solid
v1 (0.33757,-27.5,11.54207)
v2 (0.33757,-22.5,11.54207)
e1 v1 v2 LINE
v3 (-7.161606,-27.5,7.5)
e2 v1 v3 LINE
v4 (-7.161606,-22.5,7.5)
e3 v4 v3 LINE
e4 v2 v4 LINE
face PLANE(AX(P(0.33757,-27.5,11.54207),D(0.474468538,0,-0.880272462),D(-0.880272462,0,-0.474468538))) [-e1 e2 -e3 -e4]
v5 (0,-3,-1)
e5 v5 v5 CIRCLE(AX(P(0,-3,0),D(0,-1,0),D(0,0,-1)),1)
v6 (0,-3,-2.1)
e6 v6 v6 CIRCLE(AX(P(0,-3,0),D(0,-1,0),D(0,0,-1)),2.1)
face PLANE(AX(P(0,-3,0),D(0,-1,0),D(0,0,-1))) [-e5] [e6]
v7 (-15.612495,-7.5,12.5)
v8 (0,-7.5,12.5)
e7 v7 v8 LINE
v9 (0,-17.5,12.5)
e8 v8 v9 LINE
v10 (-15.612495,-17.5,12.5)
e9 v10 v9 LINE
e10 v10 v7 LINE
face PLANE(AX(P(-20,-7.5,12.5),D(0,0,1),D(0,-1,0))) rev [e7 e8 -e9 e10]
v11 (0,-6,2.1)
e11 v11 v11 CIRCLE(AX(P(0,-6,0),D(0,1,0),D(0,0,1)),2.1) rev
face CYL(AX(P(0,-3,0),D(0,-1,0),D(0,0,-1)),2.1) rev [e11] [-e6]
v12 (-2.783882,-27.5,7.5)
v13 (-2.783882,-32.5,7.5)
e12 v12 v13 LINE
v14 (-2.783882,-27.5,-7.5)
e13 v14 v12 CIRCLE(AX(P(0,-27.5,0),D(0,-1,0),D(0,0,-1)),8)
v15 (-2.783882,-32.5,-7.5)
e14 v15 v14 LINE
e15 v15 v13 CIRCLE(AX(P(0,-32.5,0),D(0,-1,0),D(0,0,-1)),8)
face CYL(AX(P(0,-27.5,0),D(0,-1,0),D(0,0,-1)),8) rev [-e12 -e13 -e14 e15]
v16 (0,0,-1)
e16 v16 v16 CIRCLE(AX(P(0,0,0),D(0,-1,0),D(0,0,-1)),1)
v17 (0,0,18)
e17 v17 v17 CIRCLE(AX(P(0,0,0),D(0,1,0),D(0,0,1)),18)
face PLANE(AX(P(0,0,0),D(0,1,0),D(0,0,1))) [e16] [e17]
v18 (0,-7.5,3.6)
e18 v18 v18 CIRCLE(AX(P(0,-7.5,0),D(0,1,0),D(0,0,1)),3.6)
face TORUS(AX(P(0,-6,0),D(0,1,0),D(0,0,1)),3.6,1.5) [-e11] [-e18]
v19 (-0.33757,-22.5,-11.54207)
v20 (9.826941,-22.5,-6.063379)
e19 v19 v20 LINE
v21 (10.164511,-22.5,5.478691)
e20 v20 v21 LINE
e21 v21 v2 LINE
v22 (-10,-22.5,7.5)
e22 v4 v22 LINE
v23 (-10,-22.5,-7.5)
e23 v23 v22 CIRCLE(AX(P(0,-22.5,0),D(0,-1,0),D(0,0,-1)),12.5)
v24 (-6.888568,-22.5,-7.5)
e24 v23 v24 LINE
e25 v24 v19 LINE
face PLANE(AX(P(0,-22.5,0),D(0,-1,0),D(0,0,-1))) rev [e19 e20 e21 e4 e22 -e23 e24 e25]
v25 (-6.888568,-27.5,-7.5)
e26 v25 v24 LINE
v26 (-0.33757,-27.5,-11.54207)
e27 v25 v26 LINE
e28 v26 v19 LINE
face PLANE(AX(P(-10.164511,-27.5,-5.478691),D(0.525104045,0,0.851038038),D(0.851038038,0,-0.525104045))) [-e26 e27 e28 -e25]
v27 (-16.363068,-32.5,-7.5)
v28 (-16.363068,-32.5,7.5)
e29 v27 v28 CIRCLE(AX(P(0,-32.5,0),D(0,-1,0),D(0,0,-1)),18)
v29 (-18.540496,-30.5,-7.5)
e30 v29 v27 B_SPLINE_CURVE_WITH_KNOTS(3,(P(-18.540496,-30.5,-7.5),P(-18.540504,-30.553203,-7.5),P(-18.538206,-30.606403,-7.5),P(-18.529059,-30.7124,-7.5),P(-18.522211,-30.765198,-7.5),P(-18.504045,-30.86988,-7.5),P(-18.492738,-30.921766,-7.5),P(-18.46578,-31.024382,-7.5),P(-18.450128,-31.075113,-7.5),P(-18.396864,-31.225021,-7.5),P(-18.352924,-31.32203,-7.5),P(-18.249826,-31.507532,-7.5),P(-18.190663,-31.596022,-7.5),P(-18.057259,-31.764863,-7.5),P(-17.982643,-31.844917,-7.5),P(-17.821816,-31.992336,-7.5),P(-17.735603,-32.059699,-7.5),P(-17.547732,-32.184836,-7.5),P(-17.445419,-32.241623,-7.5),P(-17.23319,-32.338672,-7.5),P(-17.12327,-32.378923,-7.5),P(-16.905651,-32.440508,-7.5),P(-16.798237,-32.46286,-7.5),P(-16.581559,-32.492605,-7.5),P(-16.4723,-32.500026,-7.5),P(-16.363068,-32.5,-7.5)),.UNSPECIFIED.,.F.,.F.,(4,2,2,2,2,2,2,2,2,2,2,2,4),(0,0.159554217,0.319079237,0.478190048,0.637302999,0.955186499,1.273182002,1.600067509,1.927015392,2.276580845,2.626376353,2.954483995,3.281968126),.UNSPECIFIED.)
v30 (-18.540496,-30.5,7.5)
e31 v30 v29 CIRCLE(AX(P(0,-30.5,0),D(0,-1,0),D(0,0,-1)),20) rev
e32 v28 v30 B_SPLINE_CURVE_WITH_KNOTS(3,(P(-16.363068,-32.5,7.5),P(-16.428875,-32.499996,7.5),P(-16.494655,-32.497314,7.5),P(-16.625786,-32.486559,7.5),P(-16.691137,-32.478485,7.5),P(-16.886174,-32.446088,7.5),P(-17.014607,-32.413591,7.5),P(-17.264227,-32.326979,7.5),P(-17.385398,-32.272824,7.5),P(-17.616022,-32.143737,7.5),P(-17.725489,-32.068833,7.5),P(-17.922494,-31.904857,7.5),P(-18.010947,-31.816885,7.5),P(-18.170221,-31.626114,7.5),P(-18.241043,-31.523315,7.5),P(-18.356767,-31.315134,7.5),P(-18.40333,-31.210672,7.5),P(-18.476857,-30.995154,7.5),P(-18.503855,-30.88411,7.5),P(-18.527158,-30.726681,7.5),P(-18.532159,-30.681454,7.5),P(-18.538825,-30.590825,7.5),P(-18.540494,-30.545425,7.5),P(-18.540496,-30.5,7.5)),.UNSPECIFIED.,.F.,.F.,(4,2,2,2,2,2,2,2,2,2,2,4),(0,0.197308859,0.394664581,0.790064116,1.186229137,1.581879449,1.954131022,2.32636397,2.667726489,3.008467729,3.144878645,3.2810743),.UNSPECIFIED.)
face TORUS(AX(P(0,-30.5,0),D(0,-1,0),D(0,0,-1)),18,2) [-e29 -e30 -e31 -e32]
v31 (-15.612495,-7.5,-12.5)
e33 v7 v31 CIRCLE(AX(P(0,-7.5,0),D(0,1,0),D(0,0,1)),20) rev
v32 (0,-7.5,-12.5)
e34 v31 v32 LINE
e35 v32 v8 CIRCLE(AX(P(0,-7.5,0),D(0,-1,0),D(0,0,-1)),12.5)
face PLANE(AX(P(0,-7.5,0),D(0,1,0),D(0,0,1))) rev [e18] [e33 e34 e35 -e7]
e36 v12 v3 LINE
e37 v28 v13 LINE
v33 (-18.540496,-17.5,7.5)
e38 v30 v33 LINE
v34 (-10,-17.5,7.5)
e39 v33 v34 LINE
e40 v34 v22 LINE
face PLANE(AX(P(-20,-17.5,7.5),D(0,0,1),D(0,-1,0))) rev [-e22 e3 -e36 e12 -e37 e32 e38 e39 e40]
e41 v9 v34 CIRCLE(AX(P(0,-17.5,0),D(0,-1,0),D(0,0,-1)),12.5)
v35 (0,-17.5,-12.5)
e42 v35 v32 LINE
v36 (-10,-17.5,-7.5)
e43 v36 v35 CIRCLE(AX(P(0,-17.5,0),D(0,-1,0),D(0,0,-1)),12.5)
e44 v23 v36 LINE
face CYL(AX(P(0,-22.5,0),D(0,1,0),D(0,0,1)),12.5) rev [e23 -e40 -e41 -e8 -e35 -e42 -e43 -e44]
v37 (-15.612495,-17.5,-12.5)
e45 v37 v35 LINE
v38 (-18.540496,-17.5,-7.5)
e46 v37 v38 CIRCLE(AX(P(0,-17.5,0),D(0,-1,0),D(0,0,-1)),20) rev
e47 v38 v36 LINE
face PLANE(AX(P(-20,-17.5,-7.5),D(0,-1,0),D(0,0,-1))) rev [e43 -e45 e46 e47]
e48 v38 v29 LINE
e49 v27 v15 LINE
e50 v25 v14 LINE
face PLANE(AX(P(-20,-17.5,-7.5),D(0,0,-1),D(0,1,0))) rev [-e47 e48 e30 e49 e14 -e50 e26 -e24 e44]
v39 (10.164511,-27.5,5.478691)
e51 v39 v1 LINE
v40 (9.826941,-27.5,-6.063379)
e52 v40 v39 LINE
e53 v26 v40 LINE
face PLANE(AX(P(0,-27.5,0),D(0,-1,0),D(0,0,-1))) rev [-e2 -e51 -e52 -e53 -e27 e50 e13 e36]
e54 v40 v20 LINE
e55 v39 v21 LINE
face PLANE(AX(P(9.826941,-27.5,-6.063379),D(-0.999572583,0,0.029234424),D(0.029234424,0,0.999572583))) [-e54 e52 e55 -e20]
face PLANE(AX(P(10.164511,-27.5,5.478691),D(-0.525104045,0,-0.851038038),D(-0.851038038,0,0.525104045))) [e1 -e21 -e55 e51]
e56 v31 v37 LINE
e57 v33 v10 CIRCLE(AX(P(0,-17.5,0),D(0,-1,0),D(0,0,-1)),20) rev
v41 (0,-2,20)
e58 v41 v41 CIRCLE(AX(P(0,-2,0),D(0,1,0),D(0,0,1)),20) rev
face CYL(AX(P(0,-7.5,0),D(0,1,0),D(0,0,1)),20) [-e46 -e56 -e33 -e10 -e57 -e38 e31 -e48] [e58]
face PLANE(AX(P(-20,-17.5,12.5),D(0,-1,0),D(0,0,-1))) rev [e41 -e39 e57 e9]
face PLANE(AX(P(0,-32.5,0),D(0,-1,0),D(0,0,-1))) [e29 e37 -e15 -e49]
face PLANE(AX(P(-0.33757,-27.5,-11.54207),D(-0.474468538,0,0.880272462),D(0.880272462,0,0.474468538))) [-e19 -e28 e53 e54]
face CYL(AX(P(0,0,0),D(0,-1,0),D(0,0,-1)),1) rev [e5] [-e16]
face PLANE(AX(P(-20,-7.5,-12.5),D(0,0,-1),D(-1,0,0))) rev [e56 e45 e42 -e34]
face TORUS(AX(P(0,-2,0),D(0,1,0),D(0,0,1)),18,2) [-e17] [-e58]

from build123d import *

# Parameters (mm, degrees)
SKETCH1_R           = 20
BOSS_EXTRUDE1_DEPTH = 7.5
SKETCH2_R           = 20
SKETCH2_R_2         = 12.5
BOSS_EXTRUDE2_DEPTH = 15
SKETCH3_R           = 20
BOSS_EXTRUDE3_DEPTH = 10
CUT_EXTRUDE2_DEPTH  = 5
CUT_EXTRUDE3_DEPTH  = 44.084219849
SKETCH6_R           = 8
CUT_EXTRUDE4_DEPTH  = 5
SKETCH7_R           = 2.1
CUT_EXTRUDE5_DEPTH  = 4.5
SKETCH8_R           = 1
CUT_EXTRUDE6_DEPTH  = 41.868692174
FILLET1_R           = 1.5
FILLET2_R           = 2


with BuildPart() as part:
    # Sketch1 → Boss-Extrude1 (new body)
    with BuildSketch(Plane(origin=(0, 0, 0), x_dir=(1, 0, 0), z_dir=(0, 1, 0))):
        with Locations(Location((0, 0, 0), (0, 0, 270))):
            Circle(SKETCH1_R)
    extrude(amount=-BOSS_EXTRUDE1_DEPTH)

    # Sketch2 → Boss-Extrude2 (add)
    with BuildSketch(Plane.XZ.offset(7.5)):
        with Locations(Location((0, 0, 0), (0, 0, 90))):
            Circle(SKETCH2_R)
        with Locations(Location((0, 0, 0), (0, 0, 270))):
            Circle(SKETCH2_R_2, mode=Mode.SUBTRACT)
    extrude(amount=BOSS_EXTRUDE2_DEPTH)

    # Sketch3 → Boss-Extrude3 (add)
    with BuildSketch(Plane.XZ.offset(22.5)):
        with Locations(Location((0, 0, 0), (0, 0, 90))):
            Circle(SKETCH3_R)
    extrude(amount=BOSS_EXTRUDE3_DEPTH)

    # Sketch4 → Cut-Extrude2 (cut)
    with BuildSketch(Plane(origin=(0, -22.5, 0), x_dir=(-1, 0, 0), z_dir=(0, -1, 0))):
        Polygon((10.164510853, 5.47869076), (0.337570049, 11.542069996), (-9.826940805, 6.063379236), (-10.164510853, -5.47869076), (-0.337570049, -11.542069996), (9.826940805, -6.063379236), align=None)
    extrude(amount=CUT_EXTRUDE2_DEPTH, mode=Mode.SUBTRACT)

    # Sketch5 → Cut-Extrude3 (cut, through all)
    with BuildSketch(Plane(origin=(0, 0, 0), x_dir=(0, 0, -1), z_dir=(1, 0, 0))):
        Polygon((7.5, -17.5), (12.5, -17.5), (12.5, -7.5), (-12.5, -7.5), (-12.5, -17.5), (-7.5, -17.5), (-7.5, -32.5), (7.5, -32.5), align=None)
    extrude(amount=-CUT_EXTRUDE3_DEPTH, mode=Mode.SUBTRACT)

    # Sketch6 → Cut-Extrude4 (cut)
    with BuildSketch(Plane.XZ.offset(32.5)):
        Circle(SKETCH6_R)
    extrude(amount=-CUT_EXTRUDE4_DEPTH, mode=Mode.SUBTRACT)

    # Sketch7 → Cut-Extrude5 (cut)
    with BuildSketch(Plane.XZ.offset(7.5)):
        with Locations(Location((0, 0, 0), (0, 0, 270))):
            Circle(SKETCH7_R)
    extrude(amount=-CUT_EXTRUDE5_DEPTH, mode=Mode.SUBTRACT)

    # Sketch8 → Cut-Extrude6 (cut, through all)
    with BuildSketch(Plane.XZ.offset(3)):
        with Locations(Location((0, 0, 0), (0, 0, 270))):
            Circle(SKETCH8_R)
    extrude(amount=-CUT_EXTRUDE6_DEPTH, mode=Mode.SUBTRACT)

    # Fillet1
    fillet1_edges = [part.edges().sort_by_distance(p)[0] for p in [
        (0, -7.5, 2.1),
    ]]
    fillet(fillet1_edges, radius=FILLET1_R)

    # Fillet2
    fillet2_edges = [part.edges().sort_by_distance(p)[0] for p in [
        (0, 0, -20),
        (16.583123952, -32.5, -11.180339887),
    ]]
    fillet(fillet2_edges, radius=FILLET2_R)


solid = part.part
